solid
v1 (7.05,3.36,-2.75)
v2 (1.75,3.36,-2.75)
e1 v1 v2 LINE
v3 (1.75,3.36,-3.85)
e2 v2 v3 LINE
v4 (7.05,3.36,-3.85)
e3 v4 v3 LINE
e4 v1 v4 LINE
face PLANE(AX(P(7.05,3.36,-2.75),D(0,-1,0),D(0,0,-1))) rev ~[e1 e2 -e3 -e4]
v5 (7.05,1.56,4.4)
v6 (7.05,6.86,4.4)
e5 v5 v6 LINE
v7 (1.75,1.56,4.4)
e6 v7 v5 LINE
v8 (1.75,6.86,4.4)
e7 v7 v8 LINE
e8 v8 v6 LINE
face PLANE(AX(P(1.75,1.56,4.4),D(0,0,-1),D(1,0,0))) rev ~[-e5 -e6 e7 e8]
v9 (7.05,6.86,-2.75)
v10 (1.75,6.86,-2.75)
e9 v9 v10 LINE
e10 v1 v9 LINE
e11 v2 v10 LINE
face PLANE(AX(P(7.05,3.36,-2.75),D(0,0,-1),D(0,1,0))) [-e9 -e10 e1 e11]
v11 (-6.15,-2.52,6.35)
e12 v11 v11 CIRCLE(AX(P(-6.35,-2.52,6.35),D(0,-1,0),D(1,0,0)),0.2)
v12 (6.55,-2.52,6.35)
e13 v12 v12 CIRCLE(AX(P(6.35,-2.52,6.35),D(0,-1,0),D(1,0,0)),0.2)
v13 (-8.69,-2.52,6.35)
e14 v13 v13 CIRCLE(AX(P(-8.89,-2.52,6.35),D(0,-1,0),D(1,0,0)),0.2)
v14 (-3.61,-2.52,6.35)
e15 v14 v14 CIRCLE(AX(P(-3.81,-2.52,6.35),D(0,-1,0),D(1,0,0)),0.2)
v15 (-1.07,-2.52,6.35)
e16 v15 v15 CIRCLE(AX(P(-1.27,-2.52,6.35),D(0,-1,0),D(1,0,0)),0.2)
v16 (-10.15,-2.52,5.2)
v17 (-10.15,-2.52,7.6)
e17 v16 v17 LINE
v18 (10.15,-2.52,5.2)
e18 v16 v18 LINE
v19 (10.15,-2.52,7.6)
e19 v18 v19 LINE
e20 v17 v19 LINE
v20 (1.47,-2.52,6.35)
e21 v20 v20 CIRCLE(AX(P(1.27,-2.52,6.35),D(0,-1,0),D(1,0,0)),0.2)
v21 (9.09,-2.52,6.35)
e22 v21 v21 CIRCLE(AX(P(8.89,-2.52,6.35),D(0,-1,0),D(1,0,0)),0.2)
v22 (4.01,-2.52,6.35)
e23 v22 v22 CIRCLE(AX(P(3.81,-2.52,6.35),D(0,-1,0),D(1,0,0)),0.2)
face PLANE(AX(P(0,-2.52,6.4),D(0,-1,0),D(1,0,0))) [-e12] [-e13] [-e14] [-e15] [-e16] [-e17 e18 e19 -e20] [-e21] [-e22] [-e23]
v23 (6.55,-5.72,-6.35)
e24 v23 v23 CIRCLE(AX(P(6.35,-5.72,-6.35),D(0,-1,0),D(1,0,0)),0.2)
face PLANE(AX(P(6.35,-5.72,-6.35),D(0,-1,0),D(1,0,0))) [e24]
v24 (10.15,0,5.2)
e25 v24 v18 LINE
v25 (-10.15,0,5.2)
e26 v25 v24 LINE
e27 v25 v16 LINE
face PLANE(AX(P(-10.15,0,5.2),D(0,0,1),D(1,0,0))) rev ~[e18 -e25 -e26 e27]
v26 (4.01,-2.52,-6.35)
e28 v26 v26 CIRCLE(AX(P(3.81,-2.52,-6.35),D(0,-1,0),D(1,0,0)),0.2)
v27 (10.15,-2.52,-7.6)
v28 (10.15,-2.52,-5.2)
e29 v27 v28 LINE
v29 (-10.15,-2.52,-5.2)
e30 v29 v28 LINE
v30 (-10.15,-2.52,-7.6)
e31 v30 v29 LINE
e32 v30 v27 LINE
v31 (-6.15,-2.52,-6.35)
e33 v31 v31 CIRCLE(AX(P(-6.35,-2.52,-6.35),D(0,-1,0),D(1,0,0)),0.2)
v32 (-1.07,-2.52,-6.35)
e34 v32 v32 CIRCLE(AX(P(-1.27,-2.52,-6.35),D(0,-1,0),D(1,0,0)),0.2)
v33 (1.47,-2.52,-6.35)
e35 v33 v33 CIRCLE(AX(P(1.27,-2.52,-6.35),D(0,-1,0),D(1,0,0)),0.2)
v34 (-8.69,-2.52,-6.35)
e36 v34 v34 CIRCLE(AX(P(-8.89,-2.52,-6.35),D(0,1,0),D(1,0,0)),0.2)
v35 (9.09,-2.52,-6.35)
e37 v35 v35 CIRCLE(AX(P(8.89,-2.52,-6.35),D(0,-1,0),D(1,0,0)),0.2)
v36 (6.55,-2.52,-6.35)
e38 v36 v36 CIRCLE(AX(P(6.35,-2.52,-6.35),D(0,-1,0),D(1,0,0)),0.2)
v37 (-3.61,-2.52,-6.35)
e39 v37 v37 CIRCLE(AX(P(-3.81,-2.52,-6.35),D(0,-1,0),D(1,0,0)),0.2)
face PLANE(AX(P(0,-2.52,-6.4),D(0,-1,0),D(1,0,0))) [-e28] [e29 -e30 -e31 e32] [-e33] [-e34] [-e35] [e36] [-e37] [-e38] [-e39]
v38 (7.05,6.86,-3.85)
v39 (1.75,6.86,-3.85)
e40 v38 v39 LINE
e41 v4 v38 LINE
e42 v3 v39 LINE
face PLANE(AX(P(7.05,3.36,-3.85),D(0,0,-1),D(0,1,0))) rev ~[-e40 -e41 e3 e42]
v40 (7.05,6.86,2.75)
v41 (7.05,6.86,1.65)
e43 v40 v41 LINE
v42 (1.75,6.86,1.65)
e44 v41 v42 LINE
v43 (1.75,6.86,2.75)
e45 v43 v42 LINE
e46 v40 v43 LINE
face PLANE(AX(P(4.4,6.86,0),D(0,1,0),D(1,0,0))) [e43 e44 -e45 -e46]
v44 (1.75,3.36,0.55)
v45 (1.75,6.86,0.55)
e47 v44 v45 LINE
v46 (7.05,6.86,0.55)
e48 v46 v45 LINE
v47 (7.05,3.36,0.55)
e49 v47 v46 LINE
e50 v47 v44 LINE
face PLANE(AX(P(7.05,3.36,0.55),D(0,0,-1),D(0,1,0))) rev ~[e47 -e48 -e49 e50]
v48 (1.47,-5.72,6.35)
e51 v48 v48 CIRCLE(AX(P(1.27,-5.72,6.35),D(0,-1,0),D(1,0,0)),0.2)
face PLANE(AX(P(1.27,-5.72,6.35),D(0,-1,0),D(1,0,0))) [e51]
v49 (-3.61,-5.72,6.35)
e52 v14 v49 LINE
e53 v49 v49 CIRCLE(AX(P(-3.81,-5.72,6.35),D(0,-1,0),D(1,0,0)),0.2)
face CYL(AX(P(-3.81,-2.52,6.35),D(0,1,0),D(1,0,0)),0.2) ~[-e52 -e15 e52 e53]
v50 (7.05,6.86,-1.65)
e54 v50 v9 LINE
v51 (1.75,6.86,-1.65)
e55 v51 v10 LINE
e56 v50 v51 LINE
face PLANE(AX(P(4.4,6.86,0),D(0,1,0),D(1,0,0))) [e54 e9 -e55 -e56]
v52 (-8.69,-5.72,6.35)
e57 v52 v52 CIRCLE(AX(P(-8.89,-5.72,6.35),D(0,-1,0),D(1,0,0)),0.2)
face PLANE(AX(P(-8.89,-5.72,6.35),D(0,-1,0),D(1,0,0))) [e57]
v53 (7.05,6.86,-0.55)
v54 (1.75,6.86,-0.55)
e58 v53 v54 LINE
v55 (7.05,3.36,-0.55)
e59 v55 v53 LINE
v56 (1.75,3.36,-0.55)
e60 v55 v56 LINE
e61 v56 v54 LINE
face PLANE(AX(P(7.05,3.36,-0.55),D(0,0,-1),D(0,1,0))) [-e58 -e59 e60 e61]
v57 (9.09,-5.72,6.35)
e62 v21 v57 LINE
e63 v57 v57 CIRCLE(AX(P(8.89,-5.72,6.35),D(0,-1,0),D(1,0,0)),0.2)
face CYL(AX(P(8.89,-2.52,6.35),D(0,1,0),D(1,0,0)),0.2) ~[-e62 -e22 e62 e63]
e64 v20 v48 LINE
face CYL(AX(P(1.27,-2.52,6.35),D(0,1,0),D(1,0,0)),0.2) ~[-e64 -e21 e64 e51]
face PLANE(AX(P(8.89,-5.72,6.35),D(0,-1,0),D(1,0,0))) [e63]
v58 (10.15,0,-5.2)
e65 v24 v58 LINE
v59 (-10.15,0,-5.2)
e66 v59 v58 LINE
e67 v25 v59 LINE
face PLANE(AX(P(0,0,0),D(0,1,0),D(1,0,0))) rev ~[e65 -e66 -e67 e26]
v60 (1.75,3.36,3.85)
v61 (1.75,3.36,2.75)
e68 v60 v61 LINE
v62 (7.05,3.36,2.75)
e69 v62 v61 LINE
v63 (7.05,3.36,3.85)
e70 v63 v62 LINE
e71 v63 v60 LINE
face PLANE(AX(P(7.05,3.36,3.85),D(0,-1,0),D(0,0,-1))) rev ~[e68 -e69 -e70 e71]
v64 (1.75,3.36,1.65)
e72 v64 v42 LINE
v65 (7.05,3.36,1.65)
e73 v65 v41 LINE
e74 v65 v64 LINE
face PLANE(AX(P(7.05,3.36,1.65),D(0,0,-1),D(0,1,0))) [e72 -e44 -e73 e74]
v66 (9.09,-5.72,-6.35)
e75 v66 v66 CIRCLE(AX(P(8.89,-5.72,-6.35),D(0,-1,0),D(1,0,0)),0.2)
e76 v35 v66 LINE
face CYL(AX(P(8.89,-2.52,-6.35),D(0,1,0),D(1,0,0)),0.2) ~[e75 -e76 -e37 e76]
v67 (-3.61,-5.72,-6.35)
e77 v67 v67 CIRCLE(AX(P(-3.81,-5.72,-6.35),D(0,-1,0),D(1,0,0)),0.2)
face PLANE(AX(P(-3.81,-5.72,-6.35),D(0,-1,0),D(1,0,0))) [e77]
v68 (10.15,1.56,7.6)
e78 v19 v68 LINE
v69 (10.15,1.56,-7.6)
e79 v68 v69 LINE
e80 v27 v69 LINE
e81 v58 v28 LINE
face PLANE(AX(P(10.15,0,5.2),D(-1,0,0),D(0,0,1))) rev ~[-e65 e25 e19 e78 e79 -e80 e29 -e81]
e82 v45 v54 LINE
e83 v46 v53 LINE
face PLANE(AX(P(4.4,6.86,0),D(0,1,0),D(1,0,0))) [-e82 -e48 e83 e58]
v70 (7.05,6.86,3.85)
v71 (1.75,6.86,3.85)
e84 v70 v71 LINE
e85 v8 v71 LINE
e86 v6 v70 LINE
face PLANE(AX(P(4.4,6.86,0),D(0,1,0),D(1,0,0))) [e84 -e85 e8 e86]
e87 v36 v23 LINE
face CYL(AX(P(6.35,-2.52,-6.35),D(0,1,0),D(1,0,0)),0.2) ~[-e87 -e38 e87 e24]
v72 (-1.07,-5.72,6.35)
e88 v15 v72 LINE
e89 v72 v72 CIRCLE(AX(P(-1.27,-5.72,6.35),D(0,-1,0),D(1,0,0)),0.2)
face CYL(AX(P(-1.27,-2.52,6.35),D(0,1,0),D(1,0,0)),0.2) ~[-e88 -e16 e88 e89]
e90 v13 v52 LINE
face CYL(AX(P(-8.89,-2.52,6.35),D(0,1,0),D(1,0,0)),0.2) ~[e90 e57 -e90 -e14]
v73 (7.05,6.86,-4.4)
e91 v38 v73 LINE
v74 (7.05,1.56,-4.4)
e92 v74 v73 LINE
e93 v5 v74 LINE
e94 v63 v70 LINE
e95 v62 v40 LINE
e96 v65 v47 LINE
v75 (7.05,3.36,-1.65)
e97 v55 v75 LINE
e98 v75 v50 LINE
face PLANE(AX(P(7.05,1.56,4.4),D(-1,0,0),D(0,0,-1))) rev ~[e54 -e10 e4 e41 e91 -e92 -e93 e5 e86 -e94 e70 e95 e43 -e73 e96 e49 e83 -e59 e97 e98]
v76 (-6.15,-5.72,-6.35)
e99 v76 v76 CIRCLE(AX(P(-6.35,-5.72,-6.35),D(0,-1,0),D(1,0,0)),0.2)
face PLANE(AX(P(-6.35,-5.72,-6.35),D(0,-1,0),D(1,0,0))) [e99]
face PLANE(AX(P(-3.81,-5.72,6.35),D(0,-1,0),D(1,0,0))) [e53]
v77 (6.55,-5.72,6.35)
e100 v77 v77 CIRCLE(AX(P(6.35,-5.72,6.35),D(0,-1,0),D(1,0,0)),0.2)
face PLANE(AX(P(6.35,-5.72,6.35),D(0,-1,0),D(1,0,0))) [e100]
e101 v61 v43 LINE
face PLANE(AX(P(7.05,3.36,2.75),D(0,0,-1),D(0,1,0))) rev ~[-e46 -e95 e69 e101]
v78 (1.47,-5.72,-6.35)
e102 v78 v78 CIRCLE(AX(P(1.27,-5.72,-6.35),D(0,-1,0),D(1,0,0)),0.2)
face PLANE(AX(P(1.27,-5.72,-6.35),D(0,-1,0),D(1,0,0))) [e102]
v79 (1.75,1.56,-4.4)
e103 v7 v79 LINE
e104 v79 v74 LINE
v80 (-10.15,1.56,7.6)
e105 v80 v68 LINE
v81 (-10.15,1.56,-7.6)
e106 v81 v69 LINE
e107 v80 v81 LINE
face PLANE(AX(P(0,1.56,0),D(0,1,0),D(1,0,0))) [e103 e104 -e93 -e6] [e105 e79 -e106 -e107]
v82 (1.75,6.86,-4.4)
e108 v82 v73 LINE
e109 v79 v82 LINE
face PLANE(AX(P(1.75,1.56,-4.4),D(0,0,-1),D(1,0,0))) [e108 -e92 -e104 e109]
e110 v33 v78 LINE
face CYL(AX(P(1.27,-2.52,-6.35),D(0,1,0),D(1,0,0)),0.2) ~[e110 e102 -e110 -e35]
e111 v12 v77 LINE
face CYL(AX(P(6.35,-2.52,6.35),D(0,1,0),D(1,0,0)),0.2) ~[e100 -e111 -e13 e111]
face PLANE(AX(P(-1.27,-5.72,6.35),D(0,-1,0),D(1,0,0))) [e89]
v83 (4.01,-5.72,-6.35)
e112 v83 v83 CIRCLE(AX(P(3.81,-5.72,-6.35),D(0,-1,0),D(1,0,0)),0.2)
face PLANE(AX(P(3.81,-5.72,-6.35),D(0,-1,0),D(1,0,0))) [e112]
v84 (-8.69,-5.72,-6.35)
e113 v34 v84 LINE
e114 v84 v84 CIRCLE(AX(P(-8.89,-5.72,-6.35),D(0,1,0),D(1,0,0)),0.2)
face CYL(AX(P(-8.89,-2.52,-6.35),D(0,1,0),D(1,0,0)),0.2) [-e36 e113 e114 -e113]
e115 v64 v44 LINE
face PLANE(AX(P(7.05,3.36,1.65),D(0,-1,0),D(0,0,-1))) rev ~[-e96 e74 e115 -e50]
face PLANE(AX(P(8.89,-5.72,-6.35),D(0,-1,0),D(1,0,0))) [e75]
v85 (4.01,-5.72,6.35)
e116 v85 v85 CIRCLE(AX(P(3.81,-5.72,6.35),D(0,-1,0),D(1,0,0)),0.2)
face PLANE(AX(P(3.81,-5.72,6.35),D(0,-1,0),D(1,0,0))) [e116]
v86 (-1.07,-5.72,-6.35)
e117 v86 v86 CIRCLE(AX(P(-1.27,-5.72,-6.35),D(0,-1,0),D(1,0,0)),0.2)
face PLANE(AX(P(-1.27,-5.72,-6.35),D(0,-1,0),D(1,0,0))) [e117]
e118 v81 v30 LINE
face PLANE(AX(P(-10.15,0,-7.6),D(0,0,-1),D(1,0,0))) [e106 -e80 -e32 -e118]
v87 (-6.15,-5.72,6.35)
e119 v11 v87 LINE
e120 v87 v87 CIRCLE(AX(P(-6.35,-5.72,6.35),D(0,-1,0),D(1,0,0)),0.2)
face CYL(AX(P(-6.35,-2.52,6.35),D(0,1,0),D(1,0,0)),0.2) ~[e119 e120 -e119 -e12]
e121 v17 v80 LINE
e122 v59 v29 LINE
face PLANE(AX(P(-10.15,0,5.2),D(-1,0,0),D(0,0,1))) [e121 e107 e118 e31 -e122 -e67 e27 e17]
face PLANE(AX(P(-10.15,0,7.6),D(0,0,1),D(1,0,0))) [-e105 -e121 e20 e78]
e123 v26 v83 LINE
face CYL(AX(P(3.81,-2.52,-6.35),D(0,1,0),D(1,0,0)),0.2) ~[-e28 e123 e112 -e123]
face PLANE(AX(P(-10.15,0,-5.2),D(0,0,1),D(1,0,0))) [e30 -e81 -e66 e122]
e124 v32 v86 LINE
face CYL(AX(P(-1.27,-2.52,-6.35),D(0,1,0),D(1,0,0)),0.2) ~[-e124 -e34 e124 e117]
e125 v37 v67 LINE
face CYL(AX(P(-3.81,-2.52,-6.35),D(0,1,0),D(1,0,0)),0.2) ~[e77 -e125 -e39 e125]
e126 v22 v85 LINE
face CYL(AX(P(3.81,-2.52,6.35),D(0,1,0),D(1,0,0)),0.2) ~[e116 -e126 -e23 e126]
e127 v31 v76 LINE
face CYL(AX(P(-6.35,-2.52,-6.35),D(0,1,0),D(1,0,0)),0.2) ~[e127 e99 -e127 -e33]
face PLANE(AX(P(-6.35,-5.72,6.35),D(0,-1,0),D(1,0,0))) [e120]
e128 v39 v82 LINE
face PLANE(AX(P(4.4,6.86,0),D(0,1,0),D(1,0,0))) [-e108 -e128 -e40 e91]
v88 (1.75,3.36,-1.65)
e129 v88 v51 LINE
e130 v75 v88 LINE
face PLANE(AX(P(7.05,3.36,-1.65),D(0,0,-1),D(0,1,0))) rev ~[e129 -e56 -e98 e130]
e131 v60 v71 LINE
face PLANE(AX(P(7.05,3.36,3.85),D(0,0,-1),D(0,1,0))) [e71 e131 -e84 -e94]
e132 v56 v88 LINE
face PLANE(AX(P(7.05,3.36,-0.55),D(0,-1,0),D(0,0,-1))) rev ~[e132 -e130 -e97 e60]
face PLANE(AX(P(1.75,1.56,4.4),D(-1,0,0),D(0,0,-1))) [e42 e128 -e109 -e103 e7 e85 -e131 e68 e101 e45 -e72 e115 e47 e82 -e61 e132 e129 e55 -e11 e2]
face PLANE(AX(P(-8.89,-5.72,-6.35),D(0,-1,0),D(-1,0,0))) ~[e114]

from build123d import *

# Parameters (mm, degrees)
SKETCH1_W               = 20.3
SKETCH1_H               = 15.2
BOSS_EXTRUDE1_DEPTH     = 1.56
SKETCH2_W               = 20.3
SKETCH2_H               = 2.4
BOSS_EXTRUDE2_DEPTH     = 2.52
SKETCH3_R               = 0.2
BOSS_EXTRUDE3_DEPTH     = 3.2
LPATTERN1_COUNT         = 8
LPATTERN1_PITCH         = 2.54
MIRROR1_COPY_1_SKETCH_R = 0.2
MIRROR1_COPY_1_DEPTH    = 3.2
MIRROR1_COPY_2_SKETCH_R = 0.2
MIRROR1_COPY_2_DEPTH    = 3.2
MIRROR1_COPY_3_SKETCH_R = 0.2
MIRROR1_COPY_3_DEPTH    = 3.2
MIRROR1_COPY_4_SKETCH_R = 0.2
MIRROR1_COPY_4_DEPTH    = 3.2
MIRROR1_COPY_5_SKETCH_R = 0.2
MIRROR1_COPY_5_DEPTH    = 3.2
MIRROR1_COPY_6_SKETCH_R = 0.2
MIRROR1_COPY_6_DEPTH    = 3.2
MIRROR1_COPY_7_SKETCH_R = 0.2
MIRROR1_COPY_7_DEPTH    = 3.2
SKETCH4_W               = 5.3
SKETCH4_H               = 8.8
BOSS_EXTRUDE4_DEPTH     = 5.3
SKETCH5_W               = 1.1
SKETCH5_H               = 3.5
CUT_EXTRUDE1_DEPTH      = 5.3


with BuildPart() as part:
    # Sketch1 → Boss-Extrude1 (new body)
    with BuildSketch(Plane(origin=(0, 0, 0), x_dir=(1, 0, 0), z_dir=(0, 1, 0))):
        Rectangle(SKETCH1_W, SKETCH1_H)
    extrude(amount=BOSS_EXTRUDE1_DEPTH)

    # Sketch2 → Boss-Extrude2 (add)
    with BuildSketch(Plane.XZ):
        with Locations((0, 6.4)):
            Rectangle(SKETCH2_W, SKETCH2_H)
        with Locations((0, -6.4)):
            Rectangle(SKETCH2_W, SKETCH2_H)
    extrude(amount=BOSS_EXTRUDE2_DEPTH)

    # Sketch3 → Boss-Extrude3 (add)
    with BuildSketch(Plane.XZ.offset(2.52)):
        with Locations((-8.89, 6.35)):
            Circle(SKETCH3_R)
    boss_extrude3 = extrude(amount=BOSS_EXTRUDE3_DEPTH)

    # LPattern1: Boss-Extrude3 ×8
    with Locations(*[(i * LPATTERN1_PITCH, 0, 0) for i in range(1, LPATTERN1_COUNT)]):
        add(boss_extrude3)

    # Mirror1: Boss-Extrude3 across plane
    add(boss_extrude3.mirror(Plane.XY))

    # Mirror1 copy 1 sketch → Mirror1 copy 1 (add)
    with BuildSketch(Plane(origin=(2.54, -2.52, 0), x_dir=(1, 0, 0), z_dir=(0, -1, 0))):
        with Locations((-8.89, -6.35)):
            Circle(MIRROR1_COPY_1_SKETCH_R)
    extrude(amount=MIRROR1_COPY_1_DEPTH)

    # Mirror1 copy 2 sketch → Mirror1 copy 2 (add)
    with BuildSketch(Plane(origin=(5.08, -2.52, 0), x_dir=(1, 0, 0), z_dir=(0, -1, 0))):
        with Locations((-8.89, -6.35)):
            Circle(MIRROR1_COPY_2_SKETCH_R)
    extrude(amount=MIRROR1_COPY_2_DEPTH)

    # Mirror1 copy 3 sketch → Mirror1 copy 3 (add)
    with BuildSketch(Plane(origin=(7.62, -2.52, 0), x_dir=(1, 0, 0), z_dir=(0, -1, 0))):
        with Locations((-8.89, -6.35)):
            Circle(MIRROR1_COPY_3_SKETCH_R)
    extrude(amount=MIRROR1_COPY_3_DEPTH)

    # Mirror1 copy 4 sketch → Mirror1 copy 4 (add)
    with BuildSketch(Plane(origin=(10.16, -2.52, 0), x_dir=(1, 0, 0), z_dir=(0, -1, 0))):
        with Locations((-8.89, -6.35)):
            Circle(MIRROR1_COPY_4_SKETCH_R)
    extrude(amount=MIRROR1_COPY_4_DEPTH)

    # Mirror1 copy 5 sketch → Mirror1 copy 5 (add)
    with BuildSketch(Plane(origin=(12.7, -2.52, 0), x_dir=(1, 0, 0), z_dir=(0, -1, 0))):
        with Locations((-8.89, -6.35)):
            Circle(MIRROR1_COPY_5_SKETCH_R)
    extrude(amount=MIRROR1_COPY_5_DEPTH)

    # Mirror1 copy 6 sketch → Mirror1 copy 6 (add)
    with BuildSketch(Plane(origin=(15.24, -2.52, 0), x_dir=(1, 0, 0), z_dir=(0, -1, 0))):
        with Locations((-8.89, -6.35)):
            Circle(MIRROR1_COPY_6_SKETCH_R)
    extrude(amount=MIRROR1_COPY_6_DEPTH)

    # Mirror1 copy 7 sketch → Mirror1 copy 7 (add)
    with BuildSketch(Plane(origin=(17.78, -2.52, 0), x_dir=(1, 0, 0), z_dir=(0, -1, 0))):
        with Locations((-8.89, -6.35)):
            Circle(MIRROR1_COPY_7_SKETCH_R)
    extrude(amount=MIRROR1_COPY_7_DEPTH)

    # Sketch4 → Boss-Extrude4 (add)
    with BuildSketch(Plane(origin=(0, 1.56, 0), x_dir=(1, 0, 0), z_dir=(0, 1, 0))):
        with Locations((4.4, 0)):
            Rectangle(SKETCH4_W, SKETCH4_H)
    extrude(amount=BOSS_EXTRUDE4_DEPTH)

    # Sketch5 → Cut-Extrude1 (cut)
    with BuildSketch(Plane(origin=(7.05, 0, 0), x_dir=(0, 0, -1), z_dir=(1, 0, 0))):
        with Locations((-3.3, 5.11)):
            Rectangle(SKETCH5_W, SKETCH5_H)
        with Locations((-1.1, 5.11)):
            Rectangle(SKETCH5_W, SKETCH5_H)
        with Locations((1.1, 5.11)):
            Rectangle(SKETCH5_W, SKETCH5_H)
        with Locations((3.3, 5.11)):
            Rectangle(SKETCH5_W, SKETCH5_H)
    extrude(amount=-CUT_EXTRUDE1_DEPTH, mode=Mode.SUBTRACT)


solid = part.part
